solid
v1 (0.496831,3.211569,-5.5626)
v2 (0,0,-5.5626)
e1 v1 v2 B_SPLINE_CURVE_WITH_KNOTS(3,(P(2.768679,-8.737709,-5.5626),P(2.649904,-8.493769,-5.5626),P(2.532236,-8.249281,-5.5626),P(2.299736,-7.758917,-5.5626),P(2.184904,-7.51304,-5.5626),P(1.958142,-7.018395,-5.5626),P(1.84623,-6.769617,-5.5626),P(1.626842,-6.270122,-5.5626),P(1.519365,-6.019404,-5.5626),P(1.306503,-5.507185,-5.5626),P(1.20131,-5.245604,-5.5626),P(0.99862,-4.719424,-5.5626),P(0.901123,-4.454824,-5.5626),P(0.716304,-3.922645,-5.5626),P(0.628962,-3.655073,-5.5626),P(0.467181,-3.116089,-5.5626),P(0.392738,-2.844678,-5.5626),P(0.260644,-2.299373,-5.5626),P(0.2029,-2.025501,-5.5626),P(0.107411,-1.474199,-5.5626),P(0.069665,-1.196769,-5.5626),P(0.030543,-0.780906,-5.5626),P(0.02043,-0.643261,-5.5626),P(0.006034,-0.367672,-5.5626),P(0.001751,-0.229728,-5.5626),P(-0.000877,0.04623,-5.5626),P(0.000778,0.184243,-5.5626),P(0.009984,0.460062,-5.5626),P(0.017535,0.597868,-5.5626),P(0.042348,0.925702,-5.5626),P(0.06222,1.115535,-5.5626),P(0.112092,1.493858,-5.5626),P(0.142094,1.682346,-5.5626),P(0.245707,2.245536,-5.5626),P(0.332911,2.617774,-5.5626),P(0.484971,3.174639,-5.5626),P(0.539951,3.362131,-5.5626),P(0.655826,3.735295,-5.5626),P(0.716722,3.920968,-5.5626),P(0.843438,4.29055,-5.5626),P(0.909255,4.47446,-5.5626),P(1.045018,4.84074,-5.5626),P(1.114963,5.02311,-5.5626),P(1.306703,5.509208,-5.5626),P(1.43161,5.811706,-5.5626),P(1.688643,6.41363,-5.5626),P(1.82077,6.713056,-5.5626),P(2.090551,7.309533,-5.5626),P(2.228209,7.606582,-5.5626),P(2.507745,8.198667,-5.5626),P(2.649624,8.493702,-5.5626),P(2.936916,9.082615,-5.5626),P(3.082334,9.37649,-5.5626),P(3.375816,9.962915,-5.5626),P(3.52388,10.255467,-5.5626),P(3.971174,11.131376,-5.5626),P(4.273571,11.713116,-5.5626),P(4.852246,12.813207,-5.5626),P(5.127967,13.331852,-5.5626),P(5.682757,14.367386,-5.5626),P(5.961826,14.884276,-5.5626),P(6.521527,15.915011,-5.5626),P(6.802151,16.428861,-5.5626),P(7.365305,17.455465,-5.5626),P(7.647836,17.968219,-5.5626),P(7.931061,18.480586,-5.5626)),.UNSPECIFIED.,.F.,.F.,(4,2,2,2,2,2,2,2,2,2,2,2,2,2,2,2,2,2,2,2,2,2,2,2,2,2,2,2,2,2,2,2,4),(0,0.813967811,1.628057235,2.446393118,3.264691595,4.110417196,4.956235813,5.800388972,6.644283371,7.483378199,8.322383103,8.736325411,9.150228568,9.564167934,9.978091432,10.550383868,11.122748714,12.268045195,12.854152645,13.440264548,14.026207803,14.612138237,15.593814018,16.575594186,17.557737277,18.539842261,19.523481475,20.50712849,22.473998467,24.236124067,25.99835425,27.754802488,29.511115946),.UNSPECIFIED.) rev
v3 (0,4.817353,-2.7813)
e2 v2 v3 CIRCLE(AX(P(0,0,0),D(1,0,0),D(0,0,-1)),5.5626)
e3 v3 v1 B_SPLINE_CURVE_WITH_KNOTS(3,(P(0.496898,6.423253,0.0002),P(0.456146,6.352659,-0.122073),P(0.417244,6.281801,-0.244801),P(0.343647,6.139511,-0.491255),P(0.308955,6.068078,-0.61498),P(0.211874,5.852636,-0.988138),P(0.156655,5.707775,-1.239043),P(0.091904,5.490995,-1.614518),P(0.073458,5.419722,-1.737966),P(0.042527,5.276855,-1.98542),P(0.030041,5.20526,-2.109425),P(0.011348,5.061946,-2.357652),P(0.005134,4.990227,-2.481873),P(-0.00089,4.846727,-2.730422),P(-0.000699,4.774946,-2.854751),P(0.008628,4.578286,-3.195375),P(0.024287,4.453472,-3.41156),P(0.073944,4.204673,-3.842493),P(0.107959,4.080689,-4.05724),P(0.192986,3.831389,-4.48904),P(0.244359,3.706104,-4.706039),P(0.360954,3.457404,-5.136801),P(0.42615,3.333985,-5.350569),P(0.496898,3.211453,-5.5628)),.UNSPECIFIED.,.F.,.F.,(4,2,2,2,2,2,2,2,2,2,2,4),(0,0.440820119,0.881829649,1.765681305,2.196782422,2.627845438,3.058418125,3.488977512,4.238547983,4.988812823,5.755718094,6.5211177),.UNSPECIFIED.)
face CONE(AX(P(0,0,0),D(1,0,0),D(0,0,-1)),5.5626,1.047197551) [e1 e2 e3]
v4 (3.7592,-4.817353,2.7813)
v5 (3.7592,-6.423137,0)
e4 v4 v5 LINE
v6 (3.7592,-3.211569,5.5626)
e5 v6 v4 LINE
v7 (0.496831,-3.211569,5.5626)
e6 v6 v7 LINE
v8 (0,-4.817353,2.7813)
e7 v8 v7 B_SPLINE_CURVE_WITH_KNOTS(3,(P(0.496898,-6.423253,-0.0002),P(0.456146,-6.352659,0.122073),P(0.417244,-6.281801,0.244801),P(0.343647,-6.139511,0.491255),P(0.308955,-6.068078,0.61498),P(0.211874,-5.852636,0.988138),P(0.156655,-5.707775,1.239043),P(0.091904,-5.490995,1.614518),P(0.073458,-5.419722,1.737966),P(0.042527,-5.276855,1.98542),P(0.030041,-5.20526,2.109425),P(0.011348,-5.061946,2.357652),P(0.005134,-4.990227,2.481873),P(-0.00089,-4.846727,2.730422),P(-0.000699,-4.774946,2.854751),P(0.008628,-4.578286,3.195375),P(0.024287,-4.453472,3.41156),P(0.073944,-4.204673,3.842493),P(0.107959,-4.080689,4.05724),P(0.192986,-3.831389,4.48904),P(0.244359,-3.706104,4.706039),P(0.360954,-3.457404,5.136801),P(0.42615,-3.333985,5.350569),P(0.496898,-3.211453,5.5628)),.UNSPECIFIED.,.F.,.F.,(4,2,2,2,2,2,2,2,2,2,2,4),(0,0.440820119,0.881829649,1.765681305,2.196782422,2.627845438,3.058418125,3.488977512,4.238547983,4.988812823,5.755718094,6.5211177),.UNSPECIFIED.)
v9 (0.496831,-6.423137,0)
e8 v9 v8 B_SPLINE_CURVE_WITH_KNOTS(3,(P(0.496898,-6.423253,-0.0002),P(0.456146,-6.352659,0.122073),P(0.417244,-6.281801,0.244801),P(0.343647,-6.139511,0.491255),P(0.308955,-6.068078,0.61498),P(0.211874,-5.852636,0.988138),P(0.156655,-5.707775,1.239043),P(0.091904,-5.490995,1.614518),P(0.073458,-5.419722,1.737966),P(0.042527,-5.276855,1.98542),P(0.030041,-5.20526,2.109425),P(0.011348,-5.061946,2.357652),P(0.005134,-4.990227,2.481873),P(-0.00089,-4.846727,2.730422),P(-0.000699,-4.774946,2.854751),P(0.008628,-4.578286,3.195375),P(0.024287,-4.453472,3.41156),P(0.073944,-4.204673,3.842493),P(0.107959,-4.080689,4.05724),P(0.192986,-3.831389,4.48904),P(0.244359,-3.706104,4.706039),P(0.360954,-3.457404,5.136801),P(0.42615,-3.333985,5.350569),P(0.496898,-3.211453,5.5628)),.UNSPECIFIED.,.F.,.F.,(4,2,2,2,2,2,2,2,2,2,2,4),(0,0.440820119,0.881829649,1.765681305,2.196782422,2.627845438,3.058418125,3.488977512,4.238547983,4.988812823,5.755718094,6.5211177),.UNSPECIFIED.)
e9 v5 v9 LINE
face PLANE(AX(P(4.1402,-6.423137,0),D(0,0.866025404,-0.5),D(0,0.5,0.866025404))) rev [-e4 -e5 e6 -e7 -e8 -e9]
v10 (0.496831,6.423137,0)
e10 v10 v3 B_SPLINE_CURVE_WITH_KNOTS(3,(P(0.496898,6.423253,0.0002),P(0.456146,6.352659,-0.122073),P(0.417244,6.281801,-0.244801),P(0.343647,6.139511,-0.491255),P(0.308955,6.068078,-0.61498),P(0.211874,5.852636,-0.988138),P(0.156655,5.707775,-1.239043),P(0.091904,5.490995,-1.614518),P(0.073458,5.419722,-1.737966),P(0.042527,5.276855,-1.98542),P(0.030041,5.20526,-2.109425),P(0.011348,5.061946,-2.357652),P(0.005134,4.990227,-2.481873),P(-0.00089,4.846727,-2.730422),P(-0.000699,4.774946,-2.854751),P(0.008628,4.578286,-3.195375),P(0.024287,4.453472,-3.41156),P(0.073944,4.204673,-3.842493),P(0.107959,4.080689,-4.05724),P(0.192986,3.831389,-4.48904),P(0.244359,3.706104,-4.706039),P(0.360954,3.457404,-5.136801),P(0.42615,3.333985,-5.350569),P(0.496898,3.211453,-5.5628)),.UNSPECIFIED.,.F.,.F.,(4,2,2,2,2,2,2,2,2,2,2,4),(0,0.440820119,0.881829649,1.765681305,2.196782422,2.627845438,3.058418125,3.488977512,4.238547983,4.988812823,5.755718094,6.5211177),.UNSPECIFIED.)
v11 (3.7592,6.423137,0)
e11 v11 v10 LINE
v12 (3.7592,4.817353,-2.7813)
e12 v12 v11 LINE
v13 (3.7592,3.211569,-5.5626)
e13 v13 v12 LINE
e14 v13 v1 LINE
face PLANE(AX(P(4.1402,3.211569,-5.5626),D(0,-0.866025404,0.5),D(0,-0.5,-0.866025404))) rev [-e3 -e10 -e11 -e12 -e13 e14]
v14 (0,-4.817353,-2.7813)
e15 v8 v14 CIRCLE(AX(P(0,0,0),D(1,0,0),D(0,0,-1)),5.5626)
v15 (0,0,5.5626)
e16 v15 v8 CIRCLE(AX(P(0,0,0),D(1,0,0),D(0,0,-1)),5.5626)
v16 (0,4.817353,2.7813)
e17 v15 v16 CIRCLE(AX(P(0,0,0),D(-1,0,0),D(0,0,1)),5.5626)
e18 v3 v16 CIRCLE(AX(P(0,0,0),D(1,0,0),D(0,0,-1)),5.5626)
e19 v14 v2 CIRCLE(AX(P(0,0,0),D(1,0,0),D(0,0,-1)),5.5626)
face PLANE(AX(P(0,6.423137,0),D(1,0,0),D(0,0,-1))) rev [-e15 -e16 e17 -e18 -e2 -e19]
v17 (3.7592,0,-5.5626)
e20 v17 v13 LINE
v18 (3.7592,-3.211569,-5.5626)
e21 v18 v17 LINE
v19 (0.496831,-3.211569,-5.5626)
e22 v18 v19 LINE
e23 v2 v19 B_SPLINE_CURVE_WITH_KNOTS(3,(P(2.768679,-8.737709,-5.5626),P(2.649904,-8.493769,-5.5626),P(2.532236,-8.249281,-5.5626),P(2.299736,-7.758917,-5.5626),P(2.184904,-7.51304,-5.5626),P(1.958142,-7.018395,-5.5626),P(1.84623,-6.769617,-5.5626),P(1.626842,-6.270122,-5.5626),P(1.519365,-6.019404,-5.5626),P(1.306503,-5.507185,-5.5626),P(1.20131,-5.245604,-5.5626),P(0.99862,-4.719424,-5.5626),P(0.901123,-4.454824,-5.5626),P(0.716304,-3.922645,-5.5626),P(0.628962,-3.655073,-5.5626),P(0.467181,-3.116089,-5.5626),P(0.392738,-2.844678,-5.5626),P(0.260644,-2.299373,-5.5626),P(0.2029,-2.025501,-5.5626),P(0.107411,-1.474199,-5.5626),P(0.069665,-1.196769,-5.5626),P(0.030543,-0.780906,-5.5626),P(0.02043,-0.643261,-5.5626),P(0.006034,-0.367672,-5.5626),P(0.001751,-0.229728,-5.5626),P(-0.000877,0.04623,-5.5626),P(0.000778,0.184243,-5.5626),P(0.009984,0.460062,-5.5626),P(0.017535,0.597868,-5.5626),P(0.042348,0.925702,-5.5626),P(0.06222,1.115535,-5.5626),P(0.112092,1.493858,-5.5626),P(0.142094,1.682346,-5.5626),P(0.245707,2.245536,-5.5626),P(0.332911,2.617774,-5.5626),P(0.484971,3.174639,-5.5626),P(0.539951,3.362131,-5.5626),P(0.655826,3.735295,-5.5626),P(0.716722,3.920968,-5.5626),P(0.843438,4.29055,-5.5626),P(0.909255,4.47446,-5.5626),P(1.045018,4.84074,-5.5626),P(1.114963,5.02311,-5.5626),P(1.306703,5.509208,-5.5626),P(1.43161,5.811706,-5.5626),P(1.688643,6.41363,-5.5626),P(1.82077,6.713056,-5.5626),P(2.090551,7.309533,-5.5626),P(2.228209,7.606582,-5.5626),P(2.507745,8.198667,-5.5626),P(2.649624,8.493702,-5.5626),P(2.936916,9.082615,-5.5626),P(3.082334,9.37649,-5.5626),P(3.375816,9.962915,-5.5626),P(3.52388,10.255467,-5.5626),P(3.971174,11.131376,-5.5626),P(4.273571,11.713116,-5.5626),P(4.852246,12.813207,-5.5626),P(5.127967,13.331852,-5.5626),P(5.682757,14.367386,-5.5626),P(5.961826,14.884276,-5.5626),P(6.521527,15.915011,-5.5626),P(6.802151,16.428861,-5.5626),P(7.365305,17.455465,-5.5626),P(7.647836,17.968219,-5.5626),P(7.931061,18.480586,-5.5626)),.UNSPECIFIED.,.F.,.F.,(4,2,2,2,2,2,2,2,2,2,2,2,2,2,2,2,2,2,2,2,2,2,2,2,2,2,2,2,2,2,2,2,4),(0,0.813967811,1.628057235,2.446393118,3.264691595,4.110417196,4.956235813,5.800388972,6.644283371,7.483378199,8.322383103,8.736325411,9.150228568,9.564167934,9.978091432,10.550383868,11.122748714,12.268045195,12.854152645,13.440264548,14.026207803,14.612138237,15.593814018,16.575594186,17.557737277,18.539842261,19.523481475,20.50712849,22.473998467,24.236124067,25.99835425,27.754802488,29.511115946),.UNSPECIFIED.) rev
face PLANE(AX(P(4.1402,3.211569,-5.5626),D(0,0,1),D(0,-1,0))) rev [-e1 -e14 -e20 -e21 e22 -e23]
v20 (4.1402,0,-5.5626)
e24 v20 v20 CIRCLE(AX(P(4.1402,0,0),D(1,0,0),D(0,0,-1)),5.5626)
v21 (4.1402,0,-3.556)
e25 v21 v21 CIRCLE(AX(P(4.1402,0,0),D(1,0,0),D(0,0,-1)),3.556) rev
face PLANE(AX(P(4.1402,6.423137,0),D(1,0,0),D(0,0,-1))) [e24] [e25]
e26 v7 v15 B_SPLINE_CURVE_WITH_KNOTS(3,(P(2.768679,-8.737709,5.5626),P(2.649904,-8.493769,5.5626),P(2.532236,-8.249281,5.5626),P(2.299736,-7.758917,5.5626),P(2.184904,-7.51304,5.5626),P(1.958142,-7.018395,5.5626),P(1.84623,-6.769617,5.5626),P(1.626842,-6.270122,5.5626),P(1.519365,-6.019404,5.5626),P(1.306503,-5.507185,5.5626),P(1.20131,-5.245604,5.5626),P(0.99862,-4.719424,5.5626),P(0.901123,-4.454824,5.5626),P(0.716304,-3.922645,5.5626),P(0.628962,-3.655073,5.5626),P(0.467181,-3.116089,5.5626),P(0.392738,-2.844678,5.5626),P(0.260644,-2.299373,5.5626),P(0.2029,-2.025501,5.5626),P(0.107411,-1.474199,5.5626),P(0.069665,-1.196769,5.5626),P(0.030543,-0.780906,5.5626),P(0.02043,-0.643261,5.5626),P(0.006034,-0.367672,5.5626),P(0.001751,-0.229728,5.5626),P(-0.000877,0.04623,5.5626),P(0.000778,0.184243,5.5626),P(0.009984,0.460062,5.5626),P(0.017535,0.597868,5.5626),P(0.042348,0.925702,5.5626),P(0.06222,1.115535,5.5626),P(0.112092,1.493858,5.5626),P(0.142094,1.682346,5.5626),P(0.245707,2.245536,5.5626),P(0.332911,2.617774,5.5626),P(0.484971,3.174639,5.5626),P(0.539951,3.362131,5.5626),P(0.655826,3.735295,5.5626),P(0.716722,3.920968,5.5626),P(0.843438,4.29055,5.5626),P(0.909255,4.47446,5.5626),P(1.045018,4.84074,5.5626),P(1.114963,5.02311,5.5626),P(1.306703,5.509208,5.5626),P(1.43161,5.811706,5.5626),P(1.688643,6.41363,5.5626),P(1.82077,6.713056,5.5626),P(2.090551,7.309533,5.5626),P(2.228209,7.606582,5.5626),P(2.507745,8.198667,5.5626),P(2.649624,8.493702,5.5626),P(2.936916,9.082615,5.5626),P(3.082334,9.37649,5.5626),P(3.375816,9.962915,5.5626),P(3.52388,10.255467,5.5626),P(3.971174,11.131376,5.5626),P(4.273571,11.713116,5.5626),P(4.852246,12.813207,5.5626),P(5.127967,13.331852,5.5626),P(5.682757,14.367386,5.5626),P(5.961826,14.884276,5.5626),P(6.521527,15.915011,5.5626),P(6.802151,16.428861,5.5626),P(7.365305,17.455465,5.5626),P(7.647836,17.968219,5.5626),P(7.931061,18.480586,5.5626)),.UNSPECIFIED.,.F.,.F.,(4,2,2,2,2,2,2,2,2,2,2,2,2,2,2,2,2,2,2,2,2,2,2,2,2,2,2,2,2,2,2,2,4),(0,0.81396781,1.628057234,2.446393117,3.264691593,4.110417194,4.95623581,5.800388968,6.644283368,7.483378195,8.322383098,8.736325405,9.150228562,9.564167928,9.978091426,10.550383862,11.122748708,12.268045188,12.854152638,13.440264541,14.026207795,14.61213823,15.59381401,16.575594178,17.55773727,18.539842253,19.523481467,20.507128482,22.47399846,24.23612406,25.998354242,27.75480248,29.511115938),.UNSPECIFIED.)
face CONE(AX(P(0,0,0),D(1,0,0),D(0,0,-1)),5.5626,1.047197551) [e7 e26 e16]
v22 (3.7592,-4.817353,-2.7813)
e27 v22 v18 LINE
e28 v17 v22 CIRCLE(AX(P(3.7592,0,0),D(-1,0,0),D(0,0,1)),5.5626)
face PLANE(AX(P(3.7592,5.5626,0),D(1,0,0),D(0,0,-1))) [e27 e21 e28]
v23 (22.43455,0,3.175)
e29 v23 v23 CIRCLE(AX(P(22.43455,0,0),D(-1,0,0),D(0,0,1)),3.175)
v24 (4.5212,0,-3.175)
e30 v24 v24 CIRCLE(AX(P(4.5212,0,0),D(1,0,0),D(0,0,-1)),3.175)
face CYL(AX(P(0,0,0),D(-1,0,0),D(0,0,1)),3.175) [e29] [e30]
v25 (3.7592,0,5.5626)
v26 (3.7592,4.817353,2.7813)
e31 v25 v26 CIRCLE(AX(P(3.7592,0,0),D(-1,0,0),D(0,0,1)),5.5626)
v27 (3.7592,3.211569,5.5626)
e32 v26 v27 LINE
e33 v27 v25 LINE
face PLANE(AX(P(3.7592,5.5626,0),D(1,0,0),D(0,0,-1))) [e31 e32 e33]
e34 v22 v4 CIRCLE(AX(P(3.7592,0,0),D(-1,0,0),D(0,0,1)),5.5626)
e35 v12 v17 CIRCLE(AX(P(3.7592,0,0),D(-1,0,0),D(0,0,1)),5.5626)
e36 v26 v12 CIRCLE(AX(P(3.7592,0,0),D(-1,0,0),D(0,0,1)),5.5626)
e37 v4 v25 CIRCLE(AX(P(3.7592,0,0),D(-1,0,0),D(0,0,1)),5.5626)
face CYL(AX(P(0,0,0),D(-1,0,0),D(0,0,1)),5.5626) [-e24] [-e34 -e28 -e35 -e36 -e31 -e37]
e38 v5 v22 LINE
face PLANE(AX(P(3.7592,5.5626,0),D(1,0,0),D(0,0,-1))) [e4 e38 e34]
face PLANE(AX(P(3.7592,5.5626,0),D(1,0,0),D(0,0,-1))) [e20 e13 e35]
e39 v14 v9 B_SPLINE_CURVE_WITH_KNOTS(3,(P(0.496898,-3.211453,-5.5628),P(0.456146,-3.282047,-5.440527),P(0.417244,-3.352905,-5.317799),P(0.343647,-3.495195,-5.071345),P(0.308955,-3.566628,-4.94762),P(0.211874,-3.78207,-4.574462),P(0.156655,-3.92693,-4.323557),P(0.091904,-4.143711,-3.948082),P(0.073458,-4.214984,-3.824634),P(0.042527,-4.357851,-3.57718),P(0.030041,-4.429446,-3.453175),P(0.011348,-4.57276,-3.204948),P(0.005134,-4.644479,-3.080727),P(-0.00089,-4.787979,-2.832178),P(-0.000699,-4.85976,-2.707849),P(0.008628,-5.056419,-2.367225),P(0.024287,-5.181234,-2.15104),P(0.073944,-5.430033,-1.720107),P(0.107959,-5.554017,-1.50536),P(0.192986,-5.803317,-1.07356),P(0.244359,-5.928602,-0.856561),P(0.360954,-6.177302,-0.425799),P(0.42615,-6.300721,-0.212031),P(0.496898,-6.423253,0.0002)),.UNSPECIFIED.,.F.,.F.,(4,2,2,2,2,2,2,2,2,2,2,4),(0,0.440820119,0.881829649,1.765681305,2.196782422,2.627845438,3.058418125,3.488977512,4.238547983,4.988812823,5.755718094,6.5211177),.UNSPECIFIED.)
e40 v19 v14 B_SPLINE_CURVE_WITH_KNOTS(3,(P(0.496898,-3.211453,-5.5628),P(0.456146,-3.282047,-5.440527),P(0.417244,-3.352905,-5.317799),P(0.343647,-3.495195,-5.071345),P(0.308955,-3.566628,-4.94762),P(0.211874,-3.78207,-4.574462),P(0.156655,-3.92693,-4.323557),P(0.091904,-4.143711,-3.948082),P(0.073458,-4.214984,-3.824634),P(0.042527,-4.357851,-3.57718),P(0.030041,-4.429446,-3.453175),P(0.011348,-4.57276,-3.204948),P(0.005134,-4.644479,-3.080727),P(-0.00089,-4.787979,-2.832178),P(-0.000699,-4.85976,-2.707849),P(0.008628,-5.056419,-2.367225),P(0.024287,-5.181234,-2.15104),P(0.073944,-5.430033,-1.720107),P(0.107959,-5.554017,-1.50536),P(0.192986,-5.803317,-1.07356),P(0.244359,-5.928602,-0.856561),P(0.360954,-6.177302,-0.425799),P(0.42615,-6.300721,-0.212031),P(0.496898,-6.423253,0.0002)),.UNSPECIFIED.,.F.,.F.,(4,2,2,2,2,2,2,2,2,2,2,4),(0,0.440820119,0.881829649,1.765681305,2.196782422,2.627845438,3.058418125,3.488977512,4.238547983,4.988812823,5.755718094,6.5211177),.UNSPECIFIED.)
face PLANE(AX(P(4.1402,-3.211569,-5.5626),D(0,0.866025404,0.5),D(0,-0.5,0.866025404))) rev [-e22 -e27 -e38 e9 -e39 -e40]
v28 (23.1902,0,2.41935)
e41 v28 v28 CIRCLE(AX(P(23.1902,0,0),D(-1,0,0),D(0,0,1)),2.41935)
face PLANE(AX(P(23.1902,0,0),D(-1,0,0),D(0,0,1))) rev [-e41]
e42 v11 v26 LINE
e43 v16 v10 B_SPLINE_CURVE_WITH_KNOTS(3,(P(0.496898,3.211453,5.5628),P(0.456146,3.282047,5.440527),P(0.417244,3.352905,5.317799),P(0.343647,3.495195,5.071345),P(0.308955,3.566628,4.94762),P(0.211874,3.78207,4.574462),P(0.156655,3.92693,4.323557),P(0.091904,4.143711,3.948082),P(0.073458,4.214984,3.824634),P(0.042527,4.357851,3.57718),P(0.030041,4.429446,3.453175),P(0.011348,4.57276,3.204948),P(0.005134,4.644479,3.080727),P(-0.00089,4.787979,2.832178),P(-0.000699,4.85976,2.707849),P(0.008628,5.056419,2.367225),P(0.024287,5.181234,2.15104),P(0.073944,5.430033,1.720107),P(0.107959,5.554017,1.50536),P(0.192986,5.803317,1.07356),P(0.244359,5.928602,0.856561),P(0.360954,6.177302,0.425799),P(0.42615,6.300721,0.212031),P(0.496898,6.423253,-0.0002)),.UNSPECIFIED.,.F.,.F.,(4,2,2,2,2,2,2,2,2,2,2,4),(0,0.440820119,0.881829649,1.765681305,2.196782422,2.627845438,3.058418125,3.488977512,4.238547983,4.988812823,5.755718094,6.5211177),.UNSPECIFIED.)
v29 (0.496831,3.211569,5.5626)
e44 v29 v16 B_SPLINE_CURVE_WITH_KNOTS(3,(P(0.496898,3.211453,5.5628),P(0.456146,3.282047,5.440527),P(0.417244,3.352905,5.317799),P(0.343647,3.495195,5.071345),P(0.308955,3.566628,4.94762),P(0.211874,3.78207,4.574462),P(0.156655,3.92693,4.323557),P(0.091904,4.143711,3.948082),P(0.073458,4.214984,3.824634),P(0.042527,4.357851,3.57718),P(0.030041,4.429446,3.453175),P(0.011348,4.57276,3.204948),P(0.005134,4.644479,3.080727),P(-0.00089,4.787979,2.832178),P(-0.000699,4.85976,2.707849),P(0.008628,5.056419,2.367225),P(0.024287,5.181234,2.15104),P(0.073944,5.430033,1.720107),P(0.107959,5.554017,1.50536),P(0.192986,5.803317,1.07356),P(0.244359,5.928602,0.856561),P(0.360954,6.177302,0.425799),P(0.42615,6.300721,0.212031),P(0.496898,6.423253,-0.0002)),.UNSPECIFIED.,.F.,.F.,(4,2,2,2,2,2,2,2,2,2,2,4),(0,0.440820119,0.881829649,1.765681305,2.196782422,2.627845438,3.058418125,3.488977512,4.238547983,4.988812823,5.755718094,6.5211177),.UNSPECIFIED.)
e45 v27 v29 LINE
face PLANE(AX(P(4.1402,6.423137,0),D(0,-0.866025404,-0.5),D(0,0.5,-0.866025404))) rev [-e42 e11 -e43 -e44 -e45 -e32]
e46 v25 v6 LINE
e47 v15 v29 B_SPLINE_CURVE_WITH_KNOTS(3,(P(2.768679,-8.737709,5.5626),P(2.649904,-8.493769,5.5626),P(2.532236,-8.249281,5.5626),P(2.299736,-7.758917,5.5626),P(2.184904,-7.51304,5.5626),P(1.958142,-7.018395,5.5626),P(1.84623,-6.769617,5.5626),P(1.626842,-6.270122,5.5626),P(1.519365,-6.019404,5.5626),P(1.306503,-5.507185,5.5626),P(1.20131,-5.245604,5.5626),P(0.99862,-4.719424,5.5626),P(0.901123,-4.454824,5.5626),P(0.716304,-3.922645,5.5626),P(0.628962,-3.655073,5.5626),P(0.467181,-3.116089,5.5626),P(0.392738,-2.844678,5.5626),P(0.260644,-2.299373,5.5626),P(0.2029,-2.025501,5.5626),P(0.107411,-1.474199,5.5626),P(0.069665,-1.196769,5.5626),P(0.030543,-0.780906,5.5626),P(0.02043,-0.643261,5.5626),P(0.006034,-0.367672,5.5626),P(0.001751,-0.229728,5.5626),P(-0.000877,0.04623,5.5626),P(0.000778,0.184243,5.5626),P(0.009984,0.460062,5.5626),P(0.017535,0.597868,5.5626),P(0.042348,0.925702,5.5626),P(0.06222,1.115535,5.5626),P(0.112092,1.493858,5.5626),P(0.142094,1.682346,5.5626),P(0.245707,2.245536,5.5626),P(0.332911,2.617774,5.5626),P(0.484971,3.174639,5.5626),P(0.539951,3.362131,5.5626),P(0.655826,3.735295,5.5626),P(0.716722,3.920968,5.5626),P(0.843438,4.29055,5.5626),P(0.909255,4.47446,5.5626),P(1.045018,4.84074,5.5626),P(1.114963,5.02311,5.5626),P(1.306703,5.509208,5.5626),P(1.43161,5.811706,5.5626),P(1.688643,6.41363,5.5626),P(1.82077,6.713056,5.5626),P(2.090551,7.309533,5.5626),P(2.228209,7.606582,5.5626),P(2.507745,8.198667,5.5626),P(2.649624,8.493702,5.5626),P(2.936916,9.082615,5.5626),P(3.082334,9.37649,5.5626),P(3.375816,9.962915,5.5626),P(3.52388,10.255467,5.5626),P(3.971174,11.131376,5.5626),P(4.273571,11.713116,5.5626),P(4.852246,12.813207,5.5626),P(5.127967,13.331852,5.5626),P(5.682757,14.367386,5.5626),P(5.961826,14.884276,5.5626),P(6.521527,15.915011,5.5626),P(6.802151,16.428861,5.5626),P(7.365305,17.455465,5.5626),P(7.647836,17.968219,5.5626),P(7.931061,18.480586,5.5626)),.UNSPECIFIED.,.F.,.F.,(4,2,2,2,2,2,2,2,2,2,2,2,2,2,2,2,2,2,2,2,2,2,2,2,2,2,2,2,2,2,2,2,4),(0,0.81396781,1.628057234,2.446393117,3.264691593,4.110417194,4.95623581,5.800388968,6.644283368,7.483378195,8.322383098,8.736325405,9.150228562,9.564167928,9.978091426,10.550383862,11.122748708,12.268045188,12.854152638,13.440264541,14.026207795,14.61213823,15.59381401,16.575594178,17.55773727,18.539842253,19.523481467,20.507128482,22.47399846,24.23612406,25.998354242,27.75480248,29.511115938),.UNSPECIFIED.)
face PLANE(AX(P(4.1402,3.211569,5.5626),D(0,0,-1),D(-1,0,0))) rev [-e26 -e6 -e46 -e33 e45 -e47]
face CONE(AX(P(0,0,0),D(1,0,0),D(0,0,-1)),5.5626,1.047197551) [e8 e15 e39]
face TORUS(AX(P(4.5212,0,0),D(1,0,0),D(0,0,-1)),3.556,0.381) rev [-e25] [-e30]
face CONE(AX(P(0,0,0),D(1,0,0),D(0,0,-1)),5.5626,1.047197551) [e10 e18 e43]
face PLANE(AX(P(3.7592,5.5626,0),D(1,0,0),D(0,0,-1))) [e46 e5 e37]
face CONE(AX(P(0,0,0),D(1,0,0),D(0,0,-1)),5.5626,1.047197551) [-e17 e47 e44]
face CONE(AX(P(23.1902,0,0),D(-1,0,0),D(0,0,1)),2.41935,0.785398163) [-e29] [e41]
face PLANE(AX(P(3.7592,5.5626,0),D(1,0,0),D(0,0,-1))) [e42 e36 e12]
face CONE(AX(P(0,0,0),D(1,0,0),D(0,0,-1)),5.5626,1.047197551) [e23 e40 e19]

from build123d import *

# Parameters (mm, degrees)
BASEHEAD_DEPTH = 4.1402
SKETCH4_W      = 0.381
SKETCH4_H      = 26.260537215
HEADFILLET_R   = 0.381


with BuildPart() as part:
    # Sketch1 → BaseHead (new body)
    with BuildSketch(Plane(origin=(0, 0, 0), x_dir=(0, 0, -1), z_dir=(1, 0, 0))):
        Polygon((5.5626, 3.211568607), (5.5626, -3.211568607), (0, -6.423137215), (-5.5626, -3.211568607), (-5.5626, 3.211568607), (0, 6.423137215), align=None)
    extrude(amount=BASEHEAD_DEPTH)

    # BodySke → BaseBody (revolve)
    with BuildSketch(Plane.XY, mode=Mode.PRIVATE) as basebody_sk:
        Polygon((0, 0), (23.1902, 0), (23.1902, 2.41935), (22.43455, 3.175), (0, 3.175), align=None)
    revolve(basebody_sk.sketch.rotate(Axis((0, 0, 0), (1, 0, 0)), 90), axis=Axis((0, 0, 0), (1, 0, 0)))

    # Sketch3 → HeadChamfer (revolve, cut)
    with BuildSketch(Plane.XY):
        Polygon((0, 5.5626), (4.163005602, 12.773137215), (4.163005602, 19.123137215), (-12.7, 19.123137215), (-12.7, 5.5626), align=None)
    revolve(axis=Axis((0, 0, 0), (1, 0, 0)), mode=Mode.SUBTRACT)

    # Sketch4 → BearingFace (revolve, cut)
    with BuildSketch(Plane.XY, mode=Mode.PRIVATE) as bearingface_sk:
        with Locations((3.9497, 18.692868608)):
            Rectangle(SKETCH4_W, SKETCH4_H)
    revolve(bearingface_sk.sketch.rotate(Axis((0, 0, 0), (1, 0, 0)), 270), axis=Axis((0, 0, 0), (1, 0, 0)), mode=Mode.SUBTRACT)

    # HeadFillet
    headfillet_edges = [part.edges().sort_by_distance(p)[0] for p in [
        (4.1402, 0, -3.175),
    ]]
    fillet(headfillet_edges, radius=HEADFILLET_R)


solid = part.part
